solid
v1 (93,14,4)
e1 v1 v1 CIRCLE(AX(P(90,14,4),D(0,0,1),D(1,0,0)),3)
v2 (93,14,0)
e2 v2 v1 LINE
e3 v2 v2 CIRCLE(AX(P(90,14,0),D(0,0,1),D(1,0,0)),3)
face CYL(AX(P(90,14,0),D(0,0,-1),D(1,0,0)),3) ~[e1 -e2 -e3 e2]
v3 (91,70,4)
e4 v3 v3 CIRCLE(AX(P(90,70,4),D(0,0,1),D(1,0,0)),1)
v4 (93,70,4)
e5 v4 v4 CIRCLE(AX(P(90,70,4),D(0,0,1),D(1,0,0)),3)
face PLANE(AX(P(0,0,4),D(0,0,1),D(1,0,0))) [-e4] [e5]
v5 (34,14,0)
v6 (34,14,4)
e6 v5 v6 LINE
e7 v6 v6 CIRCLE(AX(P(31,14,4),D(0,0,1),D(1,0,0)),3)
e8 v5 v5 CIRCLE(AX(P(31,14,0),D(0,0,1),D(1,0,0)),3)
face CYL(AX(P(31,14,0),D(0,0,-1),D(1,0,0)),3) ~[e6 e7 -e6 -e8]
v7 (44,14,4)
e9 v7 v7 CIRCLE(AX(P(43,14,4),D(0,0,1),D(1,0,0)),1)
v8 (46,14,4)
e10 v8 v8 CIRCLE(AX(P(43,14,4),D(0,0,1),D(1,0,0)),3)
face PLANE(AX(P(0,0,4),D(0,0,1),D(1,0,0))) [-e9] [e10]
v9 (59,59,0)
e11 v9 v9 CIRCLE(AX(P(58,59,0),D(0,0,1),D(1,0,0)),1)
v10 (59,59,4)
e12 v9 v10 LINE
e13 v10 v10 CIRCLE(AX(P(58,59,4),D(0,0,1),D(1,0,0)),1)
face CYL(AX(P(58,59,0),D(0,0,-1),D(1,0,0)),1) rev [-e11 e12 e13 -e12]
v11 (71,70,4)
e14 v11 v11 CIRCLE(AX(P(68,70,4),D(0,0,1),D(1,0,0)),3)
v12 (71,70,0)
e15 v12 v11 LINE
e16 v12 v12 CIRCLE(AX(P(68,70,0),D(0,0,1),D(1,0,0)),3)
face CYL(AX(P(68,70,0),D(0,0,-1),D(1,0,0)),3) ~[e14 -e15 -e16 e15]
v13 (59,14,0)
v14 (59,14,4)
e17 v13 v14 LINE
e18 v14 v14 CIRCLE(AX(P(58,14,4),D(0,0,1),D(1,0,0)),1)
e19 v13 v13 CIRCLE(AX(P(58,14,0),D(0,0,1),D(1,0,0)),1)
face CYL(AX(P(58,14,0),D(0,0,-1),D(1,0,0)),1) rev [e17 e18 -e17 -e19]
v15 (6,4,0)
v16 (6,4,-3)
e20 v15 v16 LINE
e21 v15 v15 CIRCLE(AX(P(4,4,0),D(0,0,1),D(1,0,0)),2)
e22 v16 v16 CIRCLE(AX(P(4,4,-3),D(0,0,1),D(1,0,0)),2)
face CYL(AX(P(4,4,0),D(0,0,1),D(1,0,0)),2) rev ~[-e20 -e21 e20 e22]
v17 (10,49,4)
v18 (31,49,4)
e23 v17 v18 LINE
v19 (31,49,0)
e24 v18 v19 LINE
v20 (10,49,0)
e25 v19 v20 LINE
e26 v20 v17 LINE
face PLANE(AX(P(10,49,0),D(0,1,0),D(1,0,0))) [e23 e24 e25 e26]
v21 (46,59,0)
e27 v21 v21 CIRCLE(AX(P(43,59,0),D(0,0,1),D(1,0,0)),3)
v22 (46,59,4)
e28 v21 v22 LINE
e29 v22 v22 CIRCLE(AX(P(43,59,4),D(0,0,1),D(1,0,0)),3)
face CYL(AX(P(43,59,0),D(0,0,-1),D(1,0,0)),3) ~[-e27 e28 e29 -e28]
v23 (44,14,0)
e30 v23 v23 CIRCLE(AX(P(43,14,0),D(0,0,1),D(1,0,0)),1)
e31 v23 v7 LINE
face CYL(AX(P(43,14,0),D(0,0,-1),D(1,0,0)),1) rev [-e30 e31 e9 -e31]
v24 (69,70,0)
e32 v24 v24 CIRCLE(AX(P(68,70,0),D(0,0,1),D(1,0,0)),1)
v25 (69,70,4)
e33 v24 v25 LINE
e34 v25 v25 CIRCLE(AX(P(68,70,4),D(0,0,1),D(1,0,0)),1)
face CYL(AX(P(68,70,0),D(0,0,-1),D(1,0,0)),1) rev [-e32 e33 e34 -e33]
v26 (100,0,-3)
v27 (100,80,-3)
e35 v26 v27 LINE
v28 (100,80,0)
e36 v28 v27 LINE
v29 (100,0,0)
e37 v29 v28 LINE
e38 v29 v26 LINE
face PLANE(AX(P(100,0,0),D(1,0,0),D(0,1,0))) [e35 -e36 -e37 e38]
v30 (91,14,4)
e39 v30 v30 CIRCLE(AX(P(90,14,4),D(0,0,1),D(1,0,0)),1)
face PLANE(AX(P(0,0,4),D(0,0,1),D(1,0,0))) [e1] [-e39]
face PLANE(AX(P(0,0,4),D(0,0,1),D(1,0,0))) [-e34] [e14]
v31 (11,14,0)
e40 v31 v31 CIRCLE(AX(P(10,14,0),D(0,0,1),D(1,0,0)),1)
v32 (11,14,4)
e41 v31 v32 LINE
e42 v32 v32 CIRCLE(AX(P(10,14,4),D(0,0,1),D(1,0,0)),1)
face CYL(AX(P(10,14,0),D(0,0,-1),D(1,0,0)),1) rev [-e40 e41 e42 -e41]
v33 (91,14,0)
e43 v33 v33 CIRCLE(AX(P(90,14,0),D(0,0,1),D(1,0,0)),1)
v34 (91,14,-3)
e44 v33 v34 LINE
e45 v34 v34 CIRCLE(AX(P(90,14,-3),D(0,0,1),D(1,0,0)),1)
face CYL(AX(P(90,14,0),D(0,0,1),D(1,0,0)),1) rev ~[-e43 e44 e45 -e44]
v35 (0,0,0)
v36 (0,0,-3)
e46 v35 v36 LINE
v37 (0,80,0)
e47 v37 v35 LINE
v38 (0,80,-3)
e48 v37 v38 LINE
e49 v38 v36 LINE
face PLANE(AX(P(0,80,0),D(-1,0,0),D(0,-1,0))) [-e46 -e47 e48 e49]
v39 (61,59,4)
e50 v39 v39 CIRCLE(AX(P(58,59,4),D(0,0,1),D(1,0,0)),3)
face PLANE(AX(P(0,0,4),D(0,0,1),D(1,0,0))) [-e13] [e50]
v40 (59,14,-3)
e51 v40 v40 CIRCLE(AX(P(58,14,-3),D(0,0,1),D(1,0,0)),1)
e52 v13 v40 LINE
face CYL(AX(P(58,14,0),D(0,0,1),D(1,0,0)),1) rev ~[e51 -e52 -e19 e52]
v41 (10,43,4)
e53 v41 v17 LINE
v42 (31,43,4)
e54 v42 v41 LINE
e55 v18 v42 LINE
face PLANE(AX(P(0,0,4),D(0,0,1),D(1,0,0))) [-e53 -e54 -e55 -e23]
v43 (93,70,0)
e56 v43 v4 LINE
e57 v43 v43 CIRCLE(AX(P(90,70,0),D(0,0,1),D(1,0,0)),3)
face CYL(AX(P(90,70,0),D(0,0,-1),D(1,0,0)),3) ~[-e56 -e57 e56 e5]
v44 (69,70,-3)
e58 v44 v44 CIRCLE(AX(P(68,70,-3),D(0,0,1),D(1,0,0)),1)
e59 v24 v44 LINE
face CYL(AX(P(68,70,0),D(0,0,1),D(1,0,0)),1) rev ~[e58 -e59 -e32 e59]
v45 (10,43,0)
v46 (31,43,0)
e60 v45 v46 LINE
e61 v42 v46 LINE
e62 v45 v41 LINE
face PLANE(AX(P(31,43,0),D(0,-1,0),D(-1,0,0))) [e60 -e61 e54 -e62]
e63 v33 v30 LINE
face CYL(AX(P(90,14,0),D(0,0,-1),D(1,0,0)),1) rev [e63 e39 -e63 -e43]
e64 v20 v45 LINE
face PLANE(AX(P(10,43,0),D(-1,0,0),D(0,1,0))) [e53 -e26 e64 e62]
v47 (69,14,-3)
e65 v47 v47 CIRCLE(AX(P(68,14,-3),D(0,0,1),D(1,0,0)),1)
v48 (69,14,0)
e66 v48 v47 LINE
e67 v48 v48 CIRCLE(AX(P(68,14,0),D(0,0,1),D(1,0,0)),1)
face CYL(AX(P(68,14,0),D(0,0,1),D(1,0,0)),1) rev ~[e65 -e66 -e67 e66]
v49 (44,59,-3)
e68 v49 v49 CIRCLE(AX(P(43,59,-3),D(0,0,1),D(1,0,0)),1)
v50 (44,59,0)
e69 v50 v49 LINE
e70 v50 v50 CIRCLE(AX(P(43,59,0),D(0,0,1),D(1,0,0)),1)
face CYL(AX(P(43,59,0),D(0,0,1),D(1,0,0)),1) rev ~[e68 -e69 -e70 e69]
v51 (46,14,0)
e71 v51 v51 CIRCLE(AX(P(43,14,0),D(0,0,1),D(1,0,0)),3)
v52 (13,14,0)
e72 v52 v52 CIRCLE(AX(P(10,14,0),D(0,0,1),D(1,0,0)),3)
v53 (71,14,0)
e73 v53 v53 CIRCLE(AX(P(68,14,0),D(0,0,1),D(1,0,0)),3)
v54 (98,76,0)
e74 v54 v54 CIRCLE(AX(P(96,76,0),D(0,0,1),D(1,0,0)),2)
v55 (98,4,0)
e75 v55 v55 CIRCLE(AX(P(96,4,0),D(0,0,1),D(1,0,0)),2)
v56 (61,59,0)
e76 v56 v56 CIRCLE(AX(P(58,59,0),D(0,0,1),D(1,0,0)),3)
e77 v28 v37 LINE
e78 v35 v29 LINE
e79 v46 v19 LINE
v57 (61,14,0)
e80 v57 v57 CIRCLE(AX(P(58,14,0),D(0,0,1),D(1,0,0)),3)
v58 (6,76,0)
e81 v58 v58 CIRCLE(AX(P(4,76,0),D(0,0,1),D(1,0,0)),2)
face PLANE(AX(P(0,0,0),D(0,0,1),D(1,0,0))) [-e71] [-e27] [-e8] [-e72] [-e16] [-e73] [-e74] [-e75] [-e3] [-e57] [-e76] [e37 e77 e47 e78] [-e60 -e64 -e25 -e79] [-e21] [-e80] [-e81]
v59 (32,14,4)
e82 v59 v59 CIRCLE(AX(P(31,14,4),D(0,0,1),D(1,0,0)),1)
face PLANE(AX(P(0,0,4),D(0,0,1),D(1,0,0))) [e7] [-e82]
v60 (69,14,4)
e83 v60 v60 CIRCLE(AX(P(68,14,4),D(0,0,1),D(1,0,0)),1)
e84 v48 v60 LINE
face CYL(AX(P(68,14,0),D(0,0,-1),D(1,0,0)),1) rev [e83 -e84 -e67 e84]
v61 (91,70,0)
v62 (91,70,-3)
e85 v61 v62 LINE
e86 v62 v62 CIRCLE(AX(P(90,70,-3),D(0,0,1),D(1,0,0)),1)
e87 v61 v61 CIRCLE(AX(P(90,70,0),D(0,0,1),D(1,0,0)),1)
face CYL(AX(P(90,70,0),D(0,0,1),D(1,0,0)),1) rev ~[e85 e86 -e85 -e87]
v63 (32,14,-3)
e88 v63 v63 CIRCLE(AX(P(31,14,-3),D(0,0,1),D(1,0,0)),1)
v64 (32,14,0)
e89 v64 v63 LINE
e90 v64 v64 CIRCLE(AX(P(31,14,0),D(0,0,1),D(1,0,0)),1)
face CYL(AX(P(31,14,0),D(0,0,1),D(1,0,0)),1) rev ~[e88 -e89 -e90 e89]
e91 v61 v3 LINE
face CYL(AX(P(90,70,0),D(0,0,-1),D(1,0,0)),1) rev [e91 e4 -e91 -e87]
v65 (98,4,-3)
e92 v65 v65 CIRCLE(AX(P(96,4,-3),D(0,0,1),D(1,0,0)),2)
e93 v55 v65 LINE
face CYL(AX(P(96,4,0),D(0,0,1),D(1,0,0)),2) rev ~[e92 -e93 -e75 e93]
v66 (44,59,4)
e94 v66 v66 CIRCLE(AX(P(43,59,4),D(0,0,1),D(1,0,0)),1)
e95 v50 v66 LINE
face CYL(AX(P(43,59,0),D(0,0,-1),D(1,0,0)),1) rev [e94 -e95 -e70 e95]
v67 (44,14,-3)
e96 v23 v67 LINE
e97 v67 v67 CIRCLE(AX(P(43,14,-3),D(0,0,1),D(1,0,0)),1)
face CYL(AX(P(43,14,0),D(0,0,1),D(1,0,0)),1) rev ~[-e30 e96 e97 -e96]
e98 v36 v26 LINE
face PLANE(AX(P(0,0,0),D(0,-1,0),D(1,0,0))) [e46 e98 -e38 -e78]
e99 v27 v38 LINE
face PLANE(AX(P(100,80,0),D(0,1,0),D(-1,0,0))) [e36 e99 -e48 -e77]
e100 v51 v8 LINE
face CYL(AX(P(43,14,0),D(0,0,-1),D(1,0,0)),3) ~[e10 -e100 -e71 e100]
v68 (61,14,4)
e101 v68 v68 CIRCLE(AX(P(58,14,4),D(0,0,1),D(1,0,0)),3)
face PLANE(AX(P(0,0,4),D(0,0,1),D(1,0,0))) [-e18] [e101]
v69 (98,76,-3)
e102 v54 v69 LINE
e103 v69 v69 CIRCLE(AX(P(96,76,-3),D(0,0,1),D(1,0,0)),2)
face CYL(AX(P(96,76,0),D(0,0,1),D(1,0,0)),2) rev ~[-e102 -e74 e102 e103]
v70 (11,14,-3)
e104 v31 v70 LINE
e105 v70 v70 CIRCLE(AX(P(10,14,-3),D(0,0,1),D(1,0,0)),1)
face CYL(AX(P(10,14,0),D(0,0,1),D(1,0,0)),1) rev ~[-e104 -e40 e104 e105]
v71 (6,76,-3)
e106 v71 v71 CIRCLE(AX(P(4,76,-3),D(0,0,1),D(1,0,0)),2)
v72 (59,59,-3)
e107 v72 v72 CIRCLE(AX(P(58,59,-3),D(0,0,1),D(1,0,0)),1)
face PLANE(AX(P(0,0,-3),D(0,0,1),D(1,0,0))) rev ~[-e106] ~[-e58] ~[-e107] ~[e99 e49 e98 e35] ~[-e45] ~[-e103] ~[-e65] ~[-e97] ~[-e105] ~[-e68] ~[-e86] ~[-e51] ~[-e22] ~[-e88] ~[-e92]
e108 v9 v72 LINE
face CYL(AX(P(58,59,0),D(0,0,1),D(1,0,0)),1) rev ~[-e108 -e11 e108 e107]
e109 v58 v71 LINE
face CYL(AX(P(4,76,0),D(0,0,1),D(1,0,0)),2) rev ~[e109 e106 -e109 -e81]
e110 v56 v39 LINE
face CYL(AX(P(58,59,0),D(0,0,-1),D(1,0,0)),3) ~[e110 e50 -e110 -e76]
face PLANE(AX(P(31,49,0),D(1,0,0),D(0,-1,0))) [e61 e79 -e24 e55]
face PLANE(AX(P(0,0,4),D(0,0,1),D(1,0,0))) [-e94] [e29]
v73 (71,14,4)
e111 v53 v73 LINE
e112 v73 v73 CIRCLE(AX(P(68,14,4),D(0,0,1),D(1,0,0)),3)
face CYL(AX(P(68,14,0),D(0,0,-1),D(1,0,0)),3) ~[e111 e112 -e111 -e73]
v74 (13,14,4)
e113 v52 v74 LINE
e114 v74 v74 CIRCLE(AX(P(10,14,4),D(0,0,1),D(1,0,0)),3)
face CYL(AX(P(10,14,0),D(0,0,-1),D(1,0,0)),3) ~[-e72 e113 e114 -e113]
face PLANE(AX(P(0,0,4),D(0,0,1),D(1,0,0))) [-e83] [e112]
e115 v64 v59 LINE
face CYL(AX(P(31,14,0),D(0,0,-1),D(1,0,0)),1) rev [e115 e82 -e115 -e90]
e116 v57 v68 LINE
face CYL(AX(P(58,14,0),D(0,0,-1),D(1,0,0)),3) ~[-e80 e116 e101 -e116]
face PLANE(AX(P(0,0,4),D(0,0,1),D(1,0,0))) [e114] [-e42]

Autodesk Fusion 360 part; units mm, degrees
sketch "mount" plane through (0, 0, 0) normal (0, 0, 1) x (1, 0, 0) in component "Mount"
  line L0 (0, 0) -> (100, 0)
  line L1 (100, 0) -> (100, 80)
  line L2 (100, 80) -> (0, 80)
  line L3 (0, 80) -> (0, 0)
  line L4 (0, 14) -> (100, 14) construction
  circle A0 centre (10, 14) radius 3
  circle A1 centre (31, 14) radius 3
  circle A2 centre (43, 14) radius 3
  circle A3 centre (58, 14) radius 3
  circle A4 centre (68, 14) radius 3
  circle A5 centre (90, 14) radius 3
  line L5 (0, 59) -> (100, 59) construction
  line L6 (0, 70) -> (100, 70) construction
  line L7 (43, 14) -> (43, 59) construction
  line L8 (58, 14) -> (58, 59) construction
  line L9 (68, 14) -> (68, 70) construction
  line L10 (90, 14) -> (90, 70) construction
  circle A6 centre (43, 59) radius 3
  circle A7 centre (58, 59) radius 3
  circle A8 centre (68, 70) radius 3
  circle A9 centre (90, 70) radius 3
  circle A10 centre (4, 76) radius 2
  circle A11 centre (96, 76) radius 2
  line L11 (4, 76) -> (102.7683, 76) construction
  line L12 (96, 76) -> (96, -6.5812) construction
  line L13 (103.6465, 4) -> (-5.3628, 4) construction
  line L14 (4, 83.8921) -> (4, 81.4648) construction
  line L15 (4, 81.4648) -> (4, -6.5812) construction
  circle A12 centre (4, 4) radius 2
  circle A13 centre (96, 4) radius 2
  line L16 (10, 49) -> (31, 49)
  line L17 (31, 49) -> (31, 43)
  line L18 (31, 43) -> (10, 43)
  line L19 (10, 43) -> (10, 49)
  line L20 (10, 14) -> (10, 67.4002) construction
  circle A14 centre (10, 14) radius 1
  circle A15 centre (31, 14) radius 1
  circle A16 centre (43, 14) radius 1
  circle A17 centre (58, 14) radius 1
  circle A18 centre (68, 14) radius 1
  circle A19 centre (90, 14) radius 1
  circle A20 centre (58, 59) radius 1
  circle A21 centre (43, 59) radius 1
  circle A22 centre (68, 70) radius 1
  circle A23 centre (90, 70) radius 1
  dimension "d1" = 100
  dimension "d2" = 80
  dimension "d3" = 14
  dimension "d4" = 6
  dimension "d5" = 6
  dimension "d6" = 6
  dimension "d7" = 6
  dimension "d8" = 6
  dimension "d9" = 6
  dimension "d10" = 10
  dimension "d11" = 22
  dimension "d12" = 10
  dimension "d13" = 15
  dimension "d14" = 10
  dimension "d15" = 21
  dimension "d16" = 45
  dimension "d17" = 56
  dimension "d31" = 6
  dimension "d32" = 6
  dimension "d33" = 6
  dimension "d34" = 6
  dimension "d38" = 4
  dimension "d40" = 4
  dimension "d41" = 4
  dimension "d42" = 4
  dimension "d43" = 4
  dimension "d44" = 4
  dimension "d45" = 4
  dimension "d46" = 4
  dimension "d47" = 21
  dimension "d48" = 6
  dimension "d49" = 29
  dimension "d50" = 2
  dimension "d51" = 2
  dimension "d52" = 2
  dimension "d53" = 2
  dimension "d54" = 2
  dimension "d55" = 2
  dimension "d56" = 2
  dimension "d57" = 2
  dimension "d58" = 2
  dimension "d59" = 2
extrude "Extrude1" add sketch "mount" against normal blind 3 contours L0 L1 L2 L3 | A0 | A1 | A2 | A3 | A4 | A5 | A6 | A7 | A8 | A9 | L16 L17 L18 L19 in component "Mount"
extrude "Extrude2" add sketch "mount" along normal blind 4 and the other way blind 3 contours A0 | A1 | A2 | A3 | A4 | A5 | A6 | A7 | A8 | A9 | L16 L17 L18 L19 in component "Mount"
component "Mount" placed x (1, 0, 0) y (0, 1, 0) z (0, 0, 1) at (0, 0, 0)
